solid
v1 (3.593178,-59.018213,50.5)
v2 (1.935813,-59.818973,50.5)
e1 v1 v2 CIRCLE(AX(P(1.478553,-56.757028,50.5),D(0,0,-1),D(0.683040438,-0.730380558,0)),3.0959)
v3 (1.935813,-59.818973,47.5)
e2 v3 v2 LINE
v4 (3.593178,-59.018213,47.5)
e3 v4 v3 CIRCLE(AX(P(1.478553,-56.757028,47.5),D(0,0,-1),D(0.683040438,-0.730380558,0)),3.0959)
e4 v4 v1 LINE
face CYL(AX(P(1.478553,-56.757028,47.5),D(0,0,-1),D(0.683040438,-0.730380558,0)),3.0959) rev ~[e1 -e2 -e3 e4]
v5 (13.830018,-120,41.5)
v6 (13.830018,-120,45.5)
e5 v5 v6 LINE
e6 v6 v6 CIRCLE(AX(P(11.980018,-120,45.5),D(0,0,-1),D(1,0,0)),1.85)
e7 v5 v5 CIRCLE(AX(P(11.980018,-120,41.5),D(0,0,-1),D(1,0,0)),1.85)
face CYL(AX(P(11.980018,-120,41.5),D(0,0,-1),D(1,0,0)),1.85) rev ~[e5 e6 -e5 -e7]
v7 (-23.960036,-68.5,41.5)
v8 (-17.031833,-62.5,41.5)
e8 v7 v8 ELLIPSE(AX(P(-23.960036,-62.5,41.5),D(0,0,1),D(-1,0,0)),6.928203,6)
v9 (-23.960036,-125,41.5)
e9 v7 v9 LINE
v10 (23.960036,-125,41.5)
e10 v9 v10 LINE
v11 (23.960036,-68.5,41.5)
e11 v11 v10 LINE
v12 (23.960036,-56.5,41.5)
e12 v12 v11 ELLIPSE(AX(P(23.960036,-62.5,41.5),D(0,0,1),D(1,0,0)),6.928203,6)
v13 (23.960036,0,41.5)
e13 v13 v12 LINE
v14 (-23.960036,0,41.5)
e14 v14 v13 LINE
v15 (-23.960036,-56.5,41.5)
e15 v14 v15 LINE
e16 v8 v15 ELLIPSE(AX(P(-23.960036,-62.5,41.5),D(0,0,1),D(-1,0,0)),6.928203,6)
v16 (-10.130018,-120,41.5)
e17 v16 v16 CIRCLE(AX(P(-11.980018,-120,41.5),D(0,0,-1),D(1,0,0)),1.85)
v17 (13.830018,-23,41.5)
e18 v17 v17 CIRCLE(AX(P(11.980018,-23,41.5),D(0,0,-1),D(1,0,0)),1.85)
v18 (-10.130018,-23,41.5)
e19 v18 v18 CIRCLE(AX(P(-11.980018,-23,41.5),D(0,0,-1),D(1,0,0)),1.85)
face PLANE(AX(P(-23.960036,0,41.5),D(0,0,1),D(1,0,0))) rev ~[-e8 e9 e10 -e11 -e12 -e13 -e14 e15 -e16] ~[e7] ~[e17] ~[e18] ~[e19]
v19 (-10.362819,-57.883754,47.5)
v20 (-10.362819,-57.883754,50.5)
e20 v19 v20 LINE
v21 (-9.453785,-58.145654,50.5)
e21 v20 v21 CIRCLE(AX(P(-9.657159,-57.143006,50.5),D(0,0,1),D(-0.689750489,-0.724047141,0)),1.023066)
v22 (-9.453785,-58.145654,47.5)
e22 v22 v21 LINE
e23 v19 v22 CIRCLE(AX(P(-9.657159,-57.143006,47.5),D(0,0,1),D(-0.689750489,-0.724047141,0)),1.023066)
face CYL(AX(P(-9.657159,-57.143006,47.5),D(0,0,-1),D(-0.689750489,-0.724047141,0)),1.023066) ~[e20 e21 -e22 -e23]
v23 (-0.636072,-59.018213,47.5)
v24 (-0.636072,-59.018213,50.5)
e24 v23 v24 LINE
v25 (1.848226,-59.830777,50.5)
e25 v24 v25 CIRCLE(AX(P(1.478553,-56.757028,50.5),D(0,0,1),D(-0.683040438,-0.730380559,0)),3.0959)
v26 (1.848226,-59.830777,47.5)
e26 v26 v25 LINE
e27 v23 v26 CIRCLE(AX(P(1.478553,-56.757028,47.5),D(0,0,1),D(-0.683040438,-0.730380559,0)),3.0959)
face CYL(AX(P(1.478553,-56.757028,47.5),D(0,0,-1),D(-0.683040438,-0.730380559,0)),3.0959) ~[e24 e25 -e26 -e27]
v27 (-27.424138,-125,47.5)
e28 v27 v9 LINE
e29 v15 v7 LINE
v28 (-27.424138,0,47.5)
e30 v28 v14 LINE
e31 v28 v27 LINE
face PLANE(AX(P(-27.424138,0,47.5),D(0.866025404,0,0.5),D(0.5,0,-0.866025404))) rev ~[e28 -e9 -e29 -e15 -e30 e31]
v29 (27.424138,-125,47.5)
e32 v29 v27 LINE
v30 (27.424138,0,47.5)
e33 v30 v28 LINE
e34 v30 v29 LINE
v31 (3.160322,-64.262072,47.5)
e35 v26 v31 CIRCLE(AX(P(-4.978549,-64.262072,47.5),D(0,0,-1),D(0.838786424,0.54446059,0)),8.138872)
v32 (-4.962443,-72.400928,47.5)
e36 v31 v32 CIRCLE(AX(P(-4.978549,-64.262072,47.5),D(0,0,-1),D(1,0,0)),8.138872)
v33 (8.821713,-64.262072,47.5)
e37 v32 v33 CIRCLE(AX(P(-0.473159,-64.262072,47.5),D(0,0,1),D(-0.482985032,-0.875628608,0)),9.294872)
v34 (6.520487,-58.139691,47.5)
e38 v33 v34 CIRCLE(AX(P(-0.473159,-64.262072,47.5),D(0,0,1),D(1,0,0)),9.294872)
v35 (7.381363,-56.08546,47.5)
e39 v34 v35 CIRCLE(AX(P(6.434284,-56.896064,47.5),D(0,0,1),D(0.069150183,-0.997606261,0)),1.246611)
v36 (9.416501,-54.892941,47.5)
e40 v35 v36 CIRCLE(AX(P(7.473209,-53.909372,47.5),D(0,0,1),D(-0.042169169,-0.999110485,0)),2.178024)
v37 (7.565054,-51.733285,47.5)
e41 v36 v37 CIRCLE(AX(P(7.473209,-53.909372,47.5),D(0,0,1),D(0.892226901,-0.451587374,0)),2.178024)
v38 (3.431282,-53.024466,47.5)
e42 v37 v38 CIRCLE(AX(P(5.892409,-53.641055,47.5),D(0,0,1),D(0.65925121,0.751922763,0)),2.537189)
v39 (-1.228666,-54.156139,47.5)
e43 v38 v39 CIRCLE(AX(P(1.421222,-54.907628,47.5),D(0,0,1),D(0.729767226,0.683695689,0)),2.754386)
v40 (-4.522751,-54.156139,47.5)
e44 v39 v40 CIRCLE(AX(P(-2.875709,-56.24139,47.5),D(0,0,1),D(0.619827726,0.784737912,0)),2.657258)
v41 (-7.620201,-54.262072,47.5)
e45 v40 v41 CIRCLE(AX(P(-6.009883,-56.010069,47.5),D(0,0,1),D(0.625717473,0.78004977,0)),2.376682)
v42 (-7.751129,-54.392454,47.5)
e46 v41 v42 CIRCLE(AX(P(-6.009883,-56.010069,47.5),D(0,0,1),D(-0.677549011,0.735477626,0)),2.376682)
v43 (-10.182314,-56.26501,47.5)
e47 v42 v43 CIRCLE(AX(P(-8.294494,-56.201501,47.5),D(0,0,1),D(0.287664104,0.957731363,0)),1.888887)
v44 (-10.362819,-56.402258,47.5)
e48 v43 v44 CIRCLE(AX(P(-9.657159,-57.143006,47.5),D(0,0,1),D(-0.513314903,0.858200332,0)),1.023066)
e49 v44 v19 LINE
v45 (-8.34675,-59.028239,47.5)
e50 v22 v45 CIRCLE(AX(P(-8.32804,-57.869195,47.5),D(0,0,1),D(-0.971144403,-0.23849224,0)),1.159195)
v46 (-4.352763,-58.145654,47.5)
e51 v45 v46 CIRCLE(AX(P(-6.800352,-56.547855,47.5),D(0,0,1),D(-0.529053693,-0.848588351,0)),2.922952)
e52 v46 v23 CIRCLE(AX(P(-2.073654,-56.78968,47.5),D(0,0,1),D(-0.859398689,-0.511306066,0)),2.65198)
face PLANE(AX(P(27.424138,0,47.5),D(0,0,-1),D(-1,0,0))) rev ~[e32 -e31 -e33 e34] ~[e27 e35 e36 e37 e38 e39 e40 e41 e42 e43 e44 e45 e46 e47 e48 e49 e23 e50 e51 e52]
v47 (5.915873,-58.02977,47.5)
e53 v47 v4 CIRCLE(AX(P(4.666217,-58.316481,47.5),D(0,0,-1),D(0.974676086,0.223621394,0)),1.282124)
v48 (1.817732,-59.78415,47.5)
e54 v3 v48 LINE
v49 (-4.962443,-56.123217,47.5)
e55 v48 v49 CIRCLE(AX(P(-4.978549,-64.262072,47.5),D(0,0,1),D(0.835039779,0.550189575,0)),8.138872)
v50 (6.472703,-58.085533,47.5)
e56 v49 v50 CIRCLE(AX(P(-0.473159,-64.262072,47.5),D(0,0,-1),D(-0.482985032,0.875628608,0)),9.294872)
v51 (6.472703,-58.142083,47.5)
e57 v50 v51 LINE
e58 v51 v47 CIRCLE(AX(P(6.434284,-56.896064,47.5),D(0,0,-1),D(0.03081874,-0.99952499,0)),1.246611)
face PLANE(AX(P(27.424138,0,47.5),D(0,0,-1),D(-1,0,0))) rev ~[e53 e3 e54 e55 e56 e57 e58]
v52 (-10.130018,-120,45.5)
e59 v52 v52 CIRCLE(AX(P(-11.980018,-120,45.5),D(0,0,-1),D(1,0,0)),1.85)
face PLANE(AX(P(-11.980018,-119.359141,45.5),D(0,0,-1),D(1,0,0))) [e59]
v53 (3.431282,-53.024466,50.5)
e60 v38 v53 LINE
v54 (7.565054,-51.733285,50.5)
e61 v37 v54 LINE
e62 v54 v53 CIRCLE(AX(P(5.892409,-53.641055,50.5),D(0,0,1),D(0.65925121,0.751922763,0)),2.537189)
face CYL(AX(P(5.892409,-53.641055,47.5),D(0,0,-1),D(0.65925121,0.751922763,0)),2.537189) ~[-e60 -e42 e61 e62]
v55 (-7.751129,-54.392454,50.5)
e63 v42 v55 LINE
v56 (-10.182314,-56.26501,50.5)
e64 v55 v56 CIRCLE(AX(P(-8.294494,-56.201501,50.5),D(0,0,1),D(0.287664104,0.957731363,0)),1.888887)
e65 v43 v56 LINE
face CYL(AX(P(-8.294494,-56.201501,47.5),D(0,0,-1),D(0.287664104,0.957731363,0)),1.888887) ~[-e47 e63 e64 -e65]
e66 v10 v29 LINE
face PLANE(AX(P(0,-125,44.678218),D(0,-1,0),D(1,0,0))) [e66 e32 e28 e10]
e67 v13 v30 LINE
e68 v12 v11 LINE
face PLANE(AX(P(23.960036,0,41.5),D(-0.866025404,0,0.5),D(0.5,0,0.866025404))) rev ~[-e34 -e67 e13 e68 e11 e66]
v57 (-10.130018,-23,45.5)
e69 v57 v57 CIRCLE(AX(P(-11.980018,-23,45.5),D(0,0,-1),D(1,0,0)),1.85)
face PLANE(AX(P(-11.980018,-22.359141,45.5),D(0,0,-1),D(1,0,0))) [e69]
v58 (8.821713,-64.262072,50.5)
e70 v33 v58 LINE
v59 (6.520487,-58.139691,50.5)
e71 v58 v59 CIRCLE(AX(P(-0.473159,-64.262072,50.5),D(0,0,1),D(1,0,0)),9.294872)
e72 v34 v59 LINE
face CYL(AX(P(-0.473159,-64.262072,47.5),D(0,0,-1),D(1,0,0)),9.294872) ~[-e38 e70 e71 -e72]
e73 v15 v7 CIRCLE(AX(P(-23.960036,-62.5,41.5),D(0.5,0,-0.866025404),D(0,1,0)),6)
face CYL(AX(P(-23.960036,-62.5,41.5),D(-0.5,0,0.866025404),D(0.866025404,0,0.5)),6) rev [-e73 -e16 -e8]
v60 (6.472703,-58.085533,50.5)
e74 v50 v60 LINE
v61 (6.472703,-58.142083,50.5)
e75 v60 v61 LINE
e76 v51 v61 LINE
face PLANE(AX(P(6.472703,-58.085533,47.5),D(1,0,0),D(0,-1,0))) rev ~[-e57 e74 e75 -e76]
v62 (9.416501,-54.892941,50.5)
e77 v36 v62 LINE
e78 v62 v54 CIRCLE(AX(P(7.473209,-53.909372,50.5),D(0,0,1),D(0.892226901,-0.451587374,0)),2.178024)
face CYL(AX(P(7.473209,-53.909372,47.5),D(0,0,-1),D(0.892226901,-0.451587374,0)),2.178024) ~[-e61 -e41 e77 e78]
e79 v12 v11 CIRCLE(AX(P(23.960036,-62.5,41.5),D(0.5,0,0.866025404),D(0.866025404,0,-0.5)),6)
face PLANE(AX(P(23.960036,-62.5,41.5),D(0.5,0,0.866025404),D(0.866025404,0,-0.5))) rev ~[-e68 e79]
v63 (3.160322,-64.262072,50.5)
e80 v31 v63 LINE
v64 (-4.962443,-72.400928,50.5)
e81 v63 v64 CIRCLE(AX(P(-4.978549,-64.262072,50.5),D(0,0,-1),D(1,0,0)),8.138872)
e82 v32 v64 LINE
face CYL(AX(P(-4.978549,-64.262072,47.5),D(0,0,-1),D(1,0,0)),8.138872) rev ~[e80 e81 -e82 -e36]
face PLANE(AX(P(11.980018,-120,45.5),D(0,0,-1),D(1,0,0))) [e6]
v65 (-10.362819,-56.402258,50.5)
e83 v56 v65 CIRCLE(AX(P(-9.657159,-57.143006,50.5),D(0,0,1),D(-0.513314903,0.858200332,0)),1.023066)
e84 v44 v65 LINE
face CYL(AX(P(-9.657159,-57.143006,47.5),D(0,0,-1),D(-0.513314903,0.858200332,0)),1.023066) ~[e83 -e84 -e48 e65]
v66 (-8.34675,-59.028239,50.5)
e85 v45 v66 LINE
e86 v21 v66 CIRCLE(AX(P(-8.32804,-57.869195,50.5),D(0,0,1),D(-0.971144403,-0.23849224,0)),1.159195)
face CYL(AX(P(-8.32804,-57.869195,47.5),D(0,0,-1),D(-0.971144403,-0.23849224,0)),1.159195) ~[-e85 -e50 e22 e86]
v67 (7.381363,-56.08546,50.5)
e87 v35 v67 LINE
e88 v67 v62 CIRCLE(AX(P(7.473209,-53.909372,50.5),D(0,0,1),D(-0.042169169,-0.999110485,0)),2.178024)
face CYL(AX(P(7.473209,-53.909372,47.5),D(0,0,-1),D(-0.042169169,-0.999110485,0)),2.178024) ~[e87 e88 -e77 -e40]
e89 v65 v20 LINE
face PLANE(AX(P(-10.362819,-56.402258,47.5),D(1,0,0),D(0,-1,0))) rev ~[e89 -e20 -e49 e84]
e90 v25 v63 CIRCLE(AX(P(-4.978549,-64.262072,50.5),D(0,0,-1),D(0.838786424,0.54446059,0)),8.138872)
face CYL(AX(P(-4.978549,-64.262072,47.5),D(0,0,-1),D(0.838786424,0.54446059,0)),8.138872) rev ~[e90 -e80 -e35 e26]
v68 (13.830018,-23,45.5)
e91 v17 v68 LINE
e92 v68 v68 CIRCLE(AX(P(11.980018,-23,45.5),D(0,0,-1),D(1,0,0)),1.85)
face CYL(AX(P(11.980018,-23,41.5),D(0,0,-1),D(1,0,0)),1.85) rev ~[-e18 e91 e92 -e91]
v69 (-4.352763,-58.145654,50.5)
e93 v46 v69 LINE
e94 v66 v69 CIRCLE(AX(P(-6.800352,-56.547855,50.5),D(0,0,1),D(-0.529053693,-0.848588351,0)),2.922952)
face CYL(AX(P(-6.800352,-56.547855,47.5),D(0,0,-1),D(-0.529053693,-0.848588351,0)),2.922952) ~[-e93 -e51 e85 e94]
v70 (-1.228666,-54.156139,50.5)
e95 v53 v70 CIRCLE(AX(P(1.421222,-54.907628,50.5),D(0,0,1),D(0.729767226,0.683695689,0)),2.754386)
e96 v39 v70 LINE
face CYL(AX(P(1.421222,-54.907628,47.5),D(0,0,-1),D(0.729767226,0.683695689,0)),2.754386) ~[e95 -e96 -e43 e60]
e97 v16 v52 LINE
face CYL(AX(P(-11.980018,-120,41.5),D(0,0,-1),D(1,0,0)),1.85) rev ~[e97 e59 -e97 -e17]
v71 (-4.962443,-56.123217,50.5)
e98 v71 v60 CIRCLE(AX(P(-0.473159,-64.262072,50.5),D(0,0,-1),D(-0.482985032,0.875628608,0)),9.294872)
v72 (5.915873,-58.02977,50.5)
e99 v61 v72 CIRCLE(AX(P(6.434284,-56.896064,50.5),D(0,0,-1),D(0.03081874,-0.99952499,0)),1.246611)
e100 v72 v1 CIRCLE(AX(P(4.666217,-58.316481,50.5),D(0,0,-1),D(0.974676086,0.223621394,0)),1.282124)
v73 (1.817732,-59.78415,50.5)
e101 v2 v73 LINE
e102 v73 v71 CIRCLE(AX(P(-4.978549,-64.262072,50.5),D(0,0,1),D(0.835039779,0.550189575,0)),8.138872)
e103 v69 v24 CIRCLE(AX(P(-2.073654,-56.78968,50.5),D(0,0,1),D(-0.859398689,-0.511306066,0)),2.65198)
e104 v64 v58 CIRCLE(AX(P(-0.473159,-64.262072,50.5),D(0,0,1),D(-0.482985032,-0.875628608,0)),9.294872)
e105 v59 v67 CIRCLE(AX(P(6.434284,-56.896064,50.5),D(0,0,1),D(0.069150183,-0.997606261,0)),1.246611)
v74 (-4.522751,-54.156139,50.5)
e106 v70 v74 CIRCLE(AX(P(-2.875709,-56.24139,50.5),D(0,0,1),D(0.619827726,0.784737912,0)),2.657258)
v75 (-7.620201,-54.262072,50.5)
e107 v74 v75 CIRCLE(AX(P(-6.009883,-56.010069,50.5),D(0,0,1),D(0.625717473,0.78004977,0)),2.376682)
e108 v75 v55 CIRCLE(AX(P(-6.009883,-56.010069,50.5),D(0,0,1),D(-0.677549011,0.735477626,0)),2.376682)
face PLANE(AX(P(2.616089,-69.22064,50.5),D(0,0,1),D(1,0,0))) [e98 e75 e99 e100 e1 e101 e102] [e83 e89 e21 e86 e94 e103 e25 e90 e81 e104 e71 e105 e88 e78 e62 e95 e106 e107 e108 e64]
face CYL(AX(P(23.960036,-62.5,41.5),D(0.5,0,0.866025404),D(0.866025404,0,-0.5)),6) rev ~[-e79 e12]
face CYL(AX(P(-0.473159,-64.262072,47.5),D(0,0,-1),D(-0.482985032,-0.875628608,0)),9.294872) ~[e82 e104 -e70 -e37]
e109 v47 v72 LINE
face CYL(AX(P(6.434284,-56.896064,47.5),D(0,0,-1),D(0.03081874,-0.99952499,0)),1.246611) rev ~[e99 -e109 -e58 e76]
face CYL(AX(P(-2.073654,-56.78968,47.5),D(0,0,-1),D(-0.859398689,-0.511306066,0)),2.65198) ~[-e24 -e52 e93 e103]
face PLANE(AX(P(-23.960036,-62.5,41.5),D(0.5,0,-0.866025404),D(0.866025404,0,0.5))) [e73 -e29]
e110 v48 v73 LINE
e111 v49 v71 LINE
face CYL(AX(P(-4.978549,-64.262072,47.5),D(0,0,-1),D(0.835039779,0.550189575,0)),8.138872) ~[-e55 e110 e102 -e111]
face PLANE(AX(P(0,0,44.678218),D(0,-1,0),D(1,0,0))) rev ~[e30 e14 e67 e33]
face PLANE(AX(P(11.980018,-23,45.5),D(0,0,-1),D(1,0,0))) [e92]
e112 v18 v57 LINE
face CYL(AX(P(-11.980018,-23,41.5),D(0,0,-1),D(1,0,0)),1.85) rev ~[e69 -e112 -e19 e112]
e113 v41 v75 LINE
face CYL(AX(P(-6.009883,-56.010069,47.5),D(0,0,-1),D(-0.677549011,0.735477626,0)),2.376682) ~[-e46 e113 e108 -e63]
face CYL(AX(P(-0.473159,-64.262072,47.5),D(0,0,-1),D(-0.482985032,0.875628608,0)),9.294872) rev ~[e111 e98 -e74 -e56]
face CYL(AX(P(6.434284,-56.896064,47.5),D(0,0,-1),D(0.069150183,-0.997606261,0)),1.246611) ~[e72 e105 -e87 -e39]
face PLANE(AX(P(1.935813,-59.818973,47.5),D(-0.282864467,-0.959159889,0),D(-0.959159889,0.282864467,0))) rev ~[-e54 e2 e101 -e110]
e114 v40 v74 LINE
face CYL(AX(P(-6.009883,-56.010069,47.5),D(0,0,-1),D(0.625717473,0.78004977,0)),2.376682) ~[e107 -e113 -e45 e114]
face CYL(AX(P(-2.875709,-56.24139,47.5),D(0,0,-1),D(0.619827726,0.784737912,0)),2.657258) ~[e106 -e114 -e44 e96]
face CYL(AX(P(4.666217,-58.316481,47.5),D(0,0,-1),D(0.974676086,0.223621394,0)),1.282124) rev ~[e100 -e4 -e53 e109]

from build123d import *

# Parameters (mm, degrees)
F1_DEPTH  = 125
F2_R      = 1.85
F3_DEPTH  = 4
F5_DEPTH  = 3
F7_R      = 6
F8_DEPTH  = 25
F10_R     = 6
F11_DEPTH = 25


with BuildPart() as f1:
    # F0 (on Front) → F1 (new body)
    with BuildSketch(Plane.XZ):
        Polygon((27.4241377865, 47.5), (-27.4241377865, 47.5), (-23.9600361714, 41.5), (23.9600361714, 41.5), align=None)
    extrude(amount=F1_DEPTH)

    # F2 (on face) → F3 (cut)
    with BuildSketch(Plane(origin=(0, 0, 41.5), x_dir=(1, 0, 0), z_dir=(0, 0, -1))):
        with BuildLine():
            ThreePointArc((-13.8300180857, 120), (-11.9800180857, 118.15), (-10.1300180857, 120))
            Line((-10.1300180857, 120), (-13.8300180857, 120))
        make_face()
        with BuildLine():
            Line((-13.8300180857, 120), (-10.1300180857, 120))
            ThreePointArc((-10.1300180857, 120), (-11.9800180857, 121.85), (-13.8300180857, 120))
        make_face()
        with Locations((11.9800180857, 120)):
            Circle(F2_R)
        with BuildLine():
            ThreePointArc((-13.8300180857, 23), (-11.9800180857, 21.15), (-10.1300180857, 23))
            Line((-10.1300180857, 23), (-13.8300180857, 23))
        make_face()
        with BuildLine():
            Line((-13.8300180857, 23), (-10.1300180857, 23))
            ThreePointArc((-10.1300180857, 23), (-11.9800180857, 24.85), (-13.8300180857, 23))
        make_face()
        with Locations((11.9800180857, 23)):
            Circle(F2_R)
    extrude(amount=-F3_DEPTH, mode=Mode.SUBTRACT)

    # F4 (on face) → F5 (join)
    with BuildSketch(Plane.XY.offset(47.5)):
        with BuildLine():
            ThreePointArc((-4.9624431031, -72.4009279721), (4.252691201, -72.2658826822), (8.8217126606, -64.2620723161))
            Line((8.8217126606, -64.2620723161), (3.1603222234, -64.2620723161))
            ThreePointArc((3.1603222234, -64.2620723161), (0.7821935357, -70.0114263654), (-4.9624431031, -72.4009279721))
        make_face()
        with BuildLine():
            ThreePointArc((6.5204872228, -58.1396910508), (6.4966065006, -58.1411162683), (6.4727028262, -58.142082959))
            ThreePointArc((6.4727028262, -58.142082959), (6.1878056278, -58.118065532), (5.9158733115, -58.0297701993))
            ThreePointArc((5.9158733115, -58.0297701993), (5.1682662368, -59.4962219445), (3.5931775857, -59.0182127392))
            ThreePointArc((3.5931775857, -59.0182127392), (2.8253831829, -59.5446151282), (1.9358127946, -59.8189730046))
            ThreePointArc((1.9358127946, -59.8189730046), (1.892061339, -59.8251878066), (1.8482256331, -59.8307774863))
            ThreePointArc((1.8482256331, -59.8307774863), (2.8254071893, -61.9513380534), (3.1603222234, -64.2620723161))
            Line((3.1603222234, -64.2620723161), (8.8217126606, -64.2620723161))
            ThreePointArc((8.8217126606, -64.2620723161), (8.227406593, -60.991782158), (6.5204872228, -58.1396910508))
        make_face()
        with BuildLine():
            ThreePointArc((-4.9624431031, -56.1232166602), (1.0988983628, -55.1011074623), (6.4727028262, -58.0855325605))
            ThreePointArc((6.4727028262, -58.0855325605), (6.4966476292, -58.1125653923), (6.5204872228, -58.1396910508))
            ThreePointArc((6.5204872228, -58.1396910508), (7.5840164309, -57.3778876345), (7.3813630468, -56.0854595214))
            ThreePointArc((7.3813630468, -56.0854595214), (8.5743392283, -55.7885482621), (9.416500561, -54.8929407838))
            Line((9.416500561, -54.8929407838), (9.416500561, -54.2620723161))
            Line((9.416500561, -54.2620723161), (-7.6202011075, -54.2620723161))
            ThreePointArc((-7.6202011075, -54.2620723161), (-7.6869328379, -54.3259904491), (-7.7511294791, -54.3924542951))
            ThreePointArc((-7.7511294791, -54.3924542951), (-9.4471027568, -54.7050419938), (-10.1823136256, -56.265010393))
            ThreePointArc((-10.1823136256, -56.265010393), (-10.2763805171, -56.3286177025), (-10.3628188483, -56.4022579415))
            Line((-10.3628188483, -56.4022579415), (-10.3628188483, -57.883753756))
            ThreePointArc((-10.3628188483, -57.883753756), (-9.9403916974, -58.1260840744), (-9.453785384, -58.1456538666))
            ThreePointArc((-9.453785384, -58.1456538666), (-9.0506628028, -58.7755881179), (-8.3467504152, -59.0282387207))
            ThreePointArc((-8.3467504152, -59.0282387207), (-6.1696577071, -59.4019534475), (-4.3527629056, -58.1456538666))
            ThreePointArc((-4.3527629056, -58.1456538666), (-2.6797742551, -59.371466197), (-0.6360720047, -59.0182127392))
            ThreePointArc((-0.6360720047, -59.0182127392), (0.5161185349, -59.6995293687), (1.8482256331, -59.8307774863))
            ThreePointArc((1.8482256331, -59.8307774863), (1.8330187957, -59.8074376583), (1.817732163, -59.7841500149))
            ThreePointArc((1.817732163, -59.7841500149), (-1.111668826, -57.1004757298), (-4.9624431031, -56.1232166602))
        make_face()
        with BuildLine():
            Line((9.416500561, -54.2620723161), (9.416500561, -54.8929407838))
            ThreePointArc((9.416500561, -54.8929407838), (9.352384363, -52.8082417308), (7.5650540132, -51.7332853367))
            ThreePointArc((7.5650540132, -51.7332853367), (5.1359618237, -51.2192554799), (3.4312824519, -53.0244656611))
            ThreePointArc((3.4312824519, -53.0244656611), (0.771209683, -52.2310388329), (-1.2286664372, -54.1561385113))
            ThreePointArc((-1.2286664372, -54.1561385113), (-2.8757088862, -53.5841315132), (-4.5227513352, -54.1561385113))
            ThreePointArc((-4.5227513352, -54.1561385113), (-6.0911184928, -53.634775536), (-7.6202011075, -54.2620723161))
            Line((-7.6202011075, -54.2620723161), (9.416500561, -54.2620723161))
        make_face()
        with BuildLine():
            Line((1.9358127946, -59.8189730046), (1.817732163, -59.7841500149))
            ThreePointArc((1.817732163, -59.7841500149), (1.8330187957, -59.8074376583), (1.8482256331, -59.8307774863))
            ThreePointArc((1.8482256331, -59.8307774863), (1.892061339, -59.8251878066), (1.9358127946, -59.8189730046))
        make_face()
        with BuildLine():
            Line((6.4727028262, -58.0855325605), (6.4727028262, -58.142082959))
            ThreePointArc((6.4727028262, -58.142082959), (6.4966065006, -58.1411162683), (6.5204872228, -58.1396910508))
            ThreePointArc((6.5204872228, -58.1396910508), (6.4966476292, -58.1125653923), (6.4727028262, -58.0855325605))
        make_face()
    extrude(amount=F5_DEPTH)

    # F7 (on face) → F8 (cut)
    with BuildSketch(Plane(origin=(-23.9600361714, 0, 41.5), x_dir=(0.8660254038, 0, 0.5), z_dir=(0.5, 0, -0.8660254038))):
        with Locations((0, 62.5)):
            Circle(F7_R)
    extrude(amount=F8_DEPTH, mode=Mode.SUBTRACT)

    # F10 (on face) → F11 (cut)
    with BuildSketch(Plane(origin=(23.9600361714, 0, 41.5), x_dir=(0.8660254038, 0, -0.5), z_dir=(0.5, 0, 0.8660254038))):
        with Locations((0, -62.5)):
            Circle(F10_R)
    extrude(amount=-F11_DEPTH, mode=Mode.SUBTRACT)


solid = f1.part
